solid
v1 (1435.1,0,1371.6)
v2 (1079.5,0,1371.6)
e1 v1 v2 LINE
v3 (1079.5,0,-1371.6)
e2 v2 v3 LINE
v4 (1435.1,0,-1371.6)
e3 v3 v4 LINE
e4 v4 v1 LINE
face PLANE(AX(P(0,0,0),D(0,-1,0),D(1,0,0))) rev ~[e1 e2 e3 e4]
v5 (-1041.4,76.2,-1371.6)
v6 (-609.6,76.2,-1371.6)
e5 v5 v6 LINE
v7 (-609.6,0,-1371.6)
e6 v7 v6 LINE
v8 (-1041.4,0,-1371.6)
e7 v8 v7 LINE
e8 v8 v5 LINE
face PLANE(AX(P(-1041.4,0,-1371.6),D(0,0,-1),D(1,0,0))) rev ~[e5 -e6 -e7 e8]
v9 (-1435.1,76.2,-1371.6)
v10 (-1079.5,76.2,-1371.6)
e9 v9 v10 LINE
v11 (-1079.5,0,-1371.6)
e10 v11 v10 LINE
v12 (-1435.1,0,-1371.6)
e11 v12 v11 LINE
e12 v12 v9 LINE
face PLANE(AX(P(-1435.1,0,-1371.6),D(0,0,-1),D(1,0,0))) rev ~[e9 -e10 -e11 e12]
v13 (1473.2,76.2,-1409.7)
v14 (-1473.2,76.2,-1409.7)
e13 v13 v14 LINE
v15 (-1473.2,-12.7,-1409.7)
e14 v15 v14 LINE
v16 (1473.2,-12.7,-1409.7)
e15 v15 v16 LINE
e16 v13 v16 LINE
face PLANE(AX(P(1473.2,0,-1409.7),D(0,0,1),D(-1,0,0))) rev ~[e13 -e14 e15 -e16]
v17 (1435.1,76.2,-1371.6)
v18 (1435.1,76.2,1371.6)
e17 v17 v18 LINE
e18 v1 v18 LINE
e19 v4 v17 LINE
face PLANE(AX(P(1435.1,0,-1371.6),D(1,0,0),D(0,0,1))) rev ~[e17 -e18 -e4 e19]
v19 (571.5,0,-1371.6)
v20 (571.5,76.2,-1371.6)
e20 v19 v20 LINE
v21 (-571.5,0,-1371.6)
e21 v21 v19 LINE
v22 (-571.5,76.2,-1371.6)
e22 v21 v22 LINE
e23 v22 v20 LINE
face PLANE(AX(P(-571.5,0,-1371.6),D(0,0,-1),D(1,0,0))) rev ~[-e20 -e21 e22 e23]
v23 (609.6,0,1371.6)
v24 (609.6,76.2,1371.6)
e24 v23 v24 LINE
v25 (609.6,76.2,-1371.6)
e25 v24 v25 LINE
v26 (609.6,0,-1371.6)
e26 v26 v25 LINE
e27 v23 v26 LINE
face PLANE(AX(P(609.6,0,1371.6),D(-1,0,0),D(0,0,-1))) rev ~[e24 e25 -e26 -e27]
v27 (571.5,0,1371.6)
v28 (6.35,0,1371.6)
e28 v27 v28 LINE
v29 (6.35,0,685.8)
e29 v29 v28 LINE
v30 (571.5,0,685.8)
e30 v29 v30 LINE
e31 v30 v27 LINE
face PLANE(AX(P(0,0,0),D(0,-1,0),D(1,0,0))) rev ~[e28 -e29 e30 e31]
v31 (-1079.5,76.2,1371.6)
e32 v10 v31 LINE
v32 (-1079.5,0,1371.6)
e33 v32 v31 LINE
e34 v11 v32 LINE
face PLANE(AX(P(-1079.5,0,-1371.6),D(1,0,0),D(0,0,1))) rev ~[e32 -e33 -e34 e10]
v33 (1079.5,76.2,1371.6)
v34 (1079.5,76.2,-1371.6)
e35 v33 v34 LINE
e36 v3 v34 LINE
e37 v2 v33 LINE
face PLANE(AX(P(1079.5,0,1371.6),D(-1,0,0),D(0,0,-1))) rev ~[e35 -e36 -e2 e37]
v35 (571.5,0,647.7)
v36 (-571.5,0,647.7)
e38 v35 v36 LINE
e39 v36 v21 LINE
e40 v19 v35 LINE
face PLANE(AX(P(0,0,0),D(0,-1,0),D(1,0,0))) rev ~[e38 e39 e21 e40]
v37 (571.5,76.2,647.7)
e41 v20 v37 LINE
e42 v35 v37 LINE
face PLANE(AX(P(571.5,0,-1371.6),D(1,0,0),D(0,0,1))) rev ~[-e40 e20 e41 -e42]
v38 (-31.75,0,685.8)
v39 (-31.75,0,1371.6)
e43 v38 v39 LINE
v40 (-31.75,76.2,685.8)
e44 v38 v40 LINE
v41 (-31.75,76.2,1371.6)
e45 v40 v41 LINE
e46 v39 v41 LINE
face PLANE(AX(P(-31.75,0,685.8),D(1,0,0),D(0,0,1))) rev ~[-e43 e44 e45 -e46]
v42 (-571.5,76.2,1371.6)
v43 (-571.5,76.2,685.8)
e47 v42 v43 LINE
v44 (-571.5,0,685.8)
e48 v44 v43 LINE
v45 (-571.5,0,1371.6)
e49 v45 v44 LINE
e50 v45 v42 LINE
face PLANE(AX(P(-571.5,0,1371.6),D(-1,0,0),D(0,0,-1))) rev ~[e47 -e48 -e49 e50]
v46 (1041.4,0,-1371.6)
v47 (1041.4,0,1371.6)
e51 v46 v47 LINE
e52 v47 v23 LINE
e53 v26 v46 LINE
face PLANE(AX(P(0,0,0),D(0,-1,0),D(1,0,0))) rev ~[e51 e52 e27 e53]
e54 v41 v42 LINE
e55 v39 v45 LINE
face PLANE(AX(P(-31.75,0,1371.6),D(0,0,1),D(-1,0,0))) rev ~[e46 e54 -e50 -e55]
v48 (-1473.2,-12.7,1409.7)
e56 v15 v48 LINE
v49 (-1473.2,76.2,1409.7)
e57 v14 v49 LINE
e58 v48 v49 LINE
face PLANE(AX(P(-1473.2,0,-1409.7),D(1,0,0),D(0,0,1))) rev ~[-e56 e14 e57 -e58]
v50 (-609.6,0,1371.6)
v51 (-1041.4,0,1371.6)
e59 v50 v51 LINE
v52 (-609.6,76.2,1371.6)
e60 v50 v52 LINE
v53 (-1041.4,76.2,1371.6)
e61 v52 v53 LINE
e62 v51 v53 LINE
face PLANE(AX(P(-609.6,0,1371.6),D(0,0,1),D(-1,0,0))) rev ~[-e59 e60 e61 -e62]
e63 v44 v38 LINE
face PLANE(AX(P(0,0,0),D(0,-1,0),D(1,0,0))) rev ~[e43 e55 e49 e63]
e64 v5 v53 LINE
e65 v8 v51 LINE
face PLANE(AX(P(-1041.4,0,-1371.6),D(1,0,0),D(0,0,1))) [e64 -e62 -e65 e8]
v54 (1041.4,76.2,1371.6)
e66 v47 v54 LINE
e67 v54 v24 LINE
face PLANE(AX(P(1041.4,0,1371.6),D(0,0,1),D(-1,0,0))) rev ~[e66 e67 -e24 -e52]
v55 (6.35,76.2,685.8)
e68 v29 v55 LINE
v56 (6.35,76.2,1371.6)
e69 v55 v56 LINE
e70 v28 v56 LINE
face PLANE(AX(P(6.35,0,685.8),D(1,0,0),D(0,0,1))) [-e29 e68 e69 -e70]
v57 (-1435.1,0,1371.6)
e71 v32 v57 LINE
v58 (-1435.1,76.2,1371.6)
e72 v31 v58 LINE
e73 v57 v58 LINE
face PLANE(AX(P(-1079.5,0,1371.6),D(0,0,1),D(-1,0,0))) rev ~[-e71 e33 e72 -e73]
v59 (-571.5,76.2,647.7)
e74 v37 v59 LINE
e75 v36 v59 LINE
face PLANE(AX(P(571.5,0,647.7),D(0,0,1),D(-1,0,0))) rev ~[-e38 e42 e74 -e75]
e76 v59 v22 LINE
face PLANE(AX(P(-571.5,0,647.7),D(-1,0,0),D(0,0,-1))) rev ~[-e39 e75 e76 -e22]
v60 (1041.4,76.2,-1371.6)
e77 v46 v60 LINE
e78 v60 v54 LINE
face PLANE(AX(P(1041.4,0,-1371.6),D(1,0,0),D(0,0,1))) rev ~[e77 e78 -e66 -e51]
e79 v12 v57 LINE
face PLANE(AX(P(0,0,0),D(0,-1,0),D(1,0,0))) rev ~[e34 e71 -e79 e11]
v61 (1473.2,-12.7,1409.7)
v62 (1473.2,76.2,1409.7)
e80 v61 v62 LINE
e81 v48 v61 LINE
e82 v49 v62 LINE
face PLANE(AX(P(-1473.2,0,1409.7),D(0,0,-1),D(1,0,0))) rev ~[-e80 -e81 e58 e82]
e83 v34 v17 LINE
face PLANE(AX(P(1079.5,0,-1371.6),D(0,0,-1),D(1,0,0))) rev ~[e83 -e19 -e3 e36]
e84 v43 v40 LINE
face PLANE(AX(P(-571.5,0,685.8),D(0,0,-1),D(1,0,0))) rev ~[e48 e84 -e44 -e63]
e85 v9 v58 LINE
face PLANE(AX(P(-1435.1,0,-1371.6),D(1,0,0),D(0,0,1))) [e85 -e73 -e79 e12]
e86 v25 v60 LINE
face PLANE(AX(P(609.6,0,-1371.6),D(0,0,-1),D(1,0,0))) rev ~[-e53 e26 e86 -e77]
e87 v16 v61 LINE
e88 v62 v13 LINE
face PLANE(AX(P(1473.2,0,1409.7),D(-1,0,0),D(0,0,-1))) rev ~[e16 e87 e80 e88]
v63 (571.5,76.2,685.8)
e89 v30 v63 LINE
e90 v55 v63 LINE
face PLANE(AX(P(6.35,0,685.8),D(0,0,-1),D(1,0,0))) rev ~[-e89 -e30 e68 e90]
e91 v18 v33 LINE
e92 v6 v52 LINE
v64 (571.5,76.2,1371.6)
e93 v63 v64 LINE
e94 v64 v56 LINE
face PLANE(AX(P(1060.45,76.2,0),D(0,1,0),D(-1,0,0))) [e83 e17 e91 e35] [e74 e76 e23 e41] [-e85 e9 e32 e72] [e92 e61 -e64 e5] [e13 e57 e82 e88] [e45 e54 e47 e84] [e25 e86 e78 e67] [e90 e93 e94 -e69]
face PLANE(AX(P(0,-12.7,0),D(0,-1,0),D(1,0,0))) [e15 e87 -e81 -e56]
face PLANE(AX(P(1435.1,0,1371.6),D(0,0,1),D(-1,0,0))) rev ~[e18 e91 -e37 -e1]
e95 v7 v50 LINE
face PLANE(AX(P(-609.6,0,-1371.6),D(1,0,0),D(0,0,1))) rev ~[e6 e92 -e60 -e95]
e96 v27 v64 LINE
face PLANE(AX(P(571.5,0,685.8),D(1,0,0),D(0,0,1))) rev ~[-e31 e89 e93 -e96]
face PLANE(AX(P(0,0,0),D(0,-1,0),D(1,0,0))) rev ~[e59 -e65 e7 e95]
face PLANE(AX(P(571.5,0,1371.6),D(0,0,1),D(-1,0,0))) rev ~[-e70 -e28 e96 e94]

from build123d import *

# Parameters (mm, degrees)
F0_W     = 2946.4
F0_H     = 2819.4
F1_DEPTH = 12.7
F2_W     = 38.1
F2_H     = 2743.2
F2_H_2   = 685.8
F3_DEPTH = 76.2


with BuildPart() as f1:
    # F0 (on Front) → F1 (new body)
    with BuildSketch(Plane.XZ):
        Rectangle(F0_W, F0_H)
    extrude(amount=F1_DEPTH)

    # F2 (on face) → F3 (join)
    with BuildSketch(Plane(origin=(0, 0, 0), x_dir=(-1, 0, 0), z_dir=(0, 1, 0))):
        Polygon((-1047.75, 1371.6), (-1079.5, 1371.6), (-1079.5, -1371.6), (-1041.4, -1371.6), (-1041.4, 1371.6), align=None)
        with Locations((1454.15, 0)):
            Rectangle(F2_W, F2_H)
        Polygon((-1435.1, 1371.6), (-1473.2, 1371.6), (-1473.2, 762), (-1473.2, 723.9), (-1473.2, -1371.6), (-1435.1, -1371.6), align=None)
        Polygon((1473.2, -1409.7), (1473.2, -1371.6), (1435.1, -1371.6), (1079.5, -1371.6), (1041.4, -1371.6), (609.6, -1371.6), (571.5, -1371.6), (-571.5, -1371.6), (-609.6, -1371.6), (-635, -1371.6), (-635, -1409.7), align=None)
        Polygon((-1079.5, -1371.6), (-1435.1, -1371.6), (-1473.2, -1371.6), (-1473.2, -1409.7), (-635, -1409.7), (-635, -1371.6), (-673.1, -1371.6), (-1041.4, -1371.6), align=None)
        Polygon((1473.2, 1409.7), (-1473.2, 1409.7), (-1473.2, 1371.6), (-1435.1, 1371.6), (-1085.85, 1371.6), (-1079.5, 1371.6), (-1047.75, 1371.6), (-1041.4, 1371.6), (-673.1, 1371.6), (-635, 1371.6), (-609.6, 1371.6), (-571.5, 1371.6), (-6.35, 1371.6), (31.75, 1371.6), (571.5, 1371.6), (609.6, 1371.6), (1041.4, 1371.6), (1079.5, 1371.6), (1435.1, 1371.6), (1473.2, 1371.6), align=None)
        with Locations((1060.45, 0)):
            Rectangle(F2_W, F2_H)
        Polygon((-609.6, 1371.6), (-609.6, -1371.6), (-571.5, -1371.6), (-571.5, 647.7), (-571.5, 685.8), (-571.5, 1371.6), align=None)
        Polygon((571.5, 647.7), (571.5, 685.8), (31.75, 685.8), (-6.35, 685.8), (-571.5, 685.8), (-571.5, 647.7), align=None)
        with Locations((12.7, 1028.7)):
            Rectangle(F2_W, F2_H_2)
        Polygon((609.6, -1371.6), (609.6, 1371.6), (571.5, 1371.6), (571.5, 685.8), (571.5, 647.7), (571.5, -1371.6), align=None)
    extrude(amount=F3_DEPTH)


solid = f1.part
